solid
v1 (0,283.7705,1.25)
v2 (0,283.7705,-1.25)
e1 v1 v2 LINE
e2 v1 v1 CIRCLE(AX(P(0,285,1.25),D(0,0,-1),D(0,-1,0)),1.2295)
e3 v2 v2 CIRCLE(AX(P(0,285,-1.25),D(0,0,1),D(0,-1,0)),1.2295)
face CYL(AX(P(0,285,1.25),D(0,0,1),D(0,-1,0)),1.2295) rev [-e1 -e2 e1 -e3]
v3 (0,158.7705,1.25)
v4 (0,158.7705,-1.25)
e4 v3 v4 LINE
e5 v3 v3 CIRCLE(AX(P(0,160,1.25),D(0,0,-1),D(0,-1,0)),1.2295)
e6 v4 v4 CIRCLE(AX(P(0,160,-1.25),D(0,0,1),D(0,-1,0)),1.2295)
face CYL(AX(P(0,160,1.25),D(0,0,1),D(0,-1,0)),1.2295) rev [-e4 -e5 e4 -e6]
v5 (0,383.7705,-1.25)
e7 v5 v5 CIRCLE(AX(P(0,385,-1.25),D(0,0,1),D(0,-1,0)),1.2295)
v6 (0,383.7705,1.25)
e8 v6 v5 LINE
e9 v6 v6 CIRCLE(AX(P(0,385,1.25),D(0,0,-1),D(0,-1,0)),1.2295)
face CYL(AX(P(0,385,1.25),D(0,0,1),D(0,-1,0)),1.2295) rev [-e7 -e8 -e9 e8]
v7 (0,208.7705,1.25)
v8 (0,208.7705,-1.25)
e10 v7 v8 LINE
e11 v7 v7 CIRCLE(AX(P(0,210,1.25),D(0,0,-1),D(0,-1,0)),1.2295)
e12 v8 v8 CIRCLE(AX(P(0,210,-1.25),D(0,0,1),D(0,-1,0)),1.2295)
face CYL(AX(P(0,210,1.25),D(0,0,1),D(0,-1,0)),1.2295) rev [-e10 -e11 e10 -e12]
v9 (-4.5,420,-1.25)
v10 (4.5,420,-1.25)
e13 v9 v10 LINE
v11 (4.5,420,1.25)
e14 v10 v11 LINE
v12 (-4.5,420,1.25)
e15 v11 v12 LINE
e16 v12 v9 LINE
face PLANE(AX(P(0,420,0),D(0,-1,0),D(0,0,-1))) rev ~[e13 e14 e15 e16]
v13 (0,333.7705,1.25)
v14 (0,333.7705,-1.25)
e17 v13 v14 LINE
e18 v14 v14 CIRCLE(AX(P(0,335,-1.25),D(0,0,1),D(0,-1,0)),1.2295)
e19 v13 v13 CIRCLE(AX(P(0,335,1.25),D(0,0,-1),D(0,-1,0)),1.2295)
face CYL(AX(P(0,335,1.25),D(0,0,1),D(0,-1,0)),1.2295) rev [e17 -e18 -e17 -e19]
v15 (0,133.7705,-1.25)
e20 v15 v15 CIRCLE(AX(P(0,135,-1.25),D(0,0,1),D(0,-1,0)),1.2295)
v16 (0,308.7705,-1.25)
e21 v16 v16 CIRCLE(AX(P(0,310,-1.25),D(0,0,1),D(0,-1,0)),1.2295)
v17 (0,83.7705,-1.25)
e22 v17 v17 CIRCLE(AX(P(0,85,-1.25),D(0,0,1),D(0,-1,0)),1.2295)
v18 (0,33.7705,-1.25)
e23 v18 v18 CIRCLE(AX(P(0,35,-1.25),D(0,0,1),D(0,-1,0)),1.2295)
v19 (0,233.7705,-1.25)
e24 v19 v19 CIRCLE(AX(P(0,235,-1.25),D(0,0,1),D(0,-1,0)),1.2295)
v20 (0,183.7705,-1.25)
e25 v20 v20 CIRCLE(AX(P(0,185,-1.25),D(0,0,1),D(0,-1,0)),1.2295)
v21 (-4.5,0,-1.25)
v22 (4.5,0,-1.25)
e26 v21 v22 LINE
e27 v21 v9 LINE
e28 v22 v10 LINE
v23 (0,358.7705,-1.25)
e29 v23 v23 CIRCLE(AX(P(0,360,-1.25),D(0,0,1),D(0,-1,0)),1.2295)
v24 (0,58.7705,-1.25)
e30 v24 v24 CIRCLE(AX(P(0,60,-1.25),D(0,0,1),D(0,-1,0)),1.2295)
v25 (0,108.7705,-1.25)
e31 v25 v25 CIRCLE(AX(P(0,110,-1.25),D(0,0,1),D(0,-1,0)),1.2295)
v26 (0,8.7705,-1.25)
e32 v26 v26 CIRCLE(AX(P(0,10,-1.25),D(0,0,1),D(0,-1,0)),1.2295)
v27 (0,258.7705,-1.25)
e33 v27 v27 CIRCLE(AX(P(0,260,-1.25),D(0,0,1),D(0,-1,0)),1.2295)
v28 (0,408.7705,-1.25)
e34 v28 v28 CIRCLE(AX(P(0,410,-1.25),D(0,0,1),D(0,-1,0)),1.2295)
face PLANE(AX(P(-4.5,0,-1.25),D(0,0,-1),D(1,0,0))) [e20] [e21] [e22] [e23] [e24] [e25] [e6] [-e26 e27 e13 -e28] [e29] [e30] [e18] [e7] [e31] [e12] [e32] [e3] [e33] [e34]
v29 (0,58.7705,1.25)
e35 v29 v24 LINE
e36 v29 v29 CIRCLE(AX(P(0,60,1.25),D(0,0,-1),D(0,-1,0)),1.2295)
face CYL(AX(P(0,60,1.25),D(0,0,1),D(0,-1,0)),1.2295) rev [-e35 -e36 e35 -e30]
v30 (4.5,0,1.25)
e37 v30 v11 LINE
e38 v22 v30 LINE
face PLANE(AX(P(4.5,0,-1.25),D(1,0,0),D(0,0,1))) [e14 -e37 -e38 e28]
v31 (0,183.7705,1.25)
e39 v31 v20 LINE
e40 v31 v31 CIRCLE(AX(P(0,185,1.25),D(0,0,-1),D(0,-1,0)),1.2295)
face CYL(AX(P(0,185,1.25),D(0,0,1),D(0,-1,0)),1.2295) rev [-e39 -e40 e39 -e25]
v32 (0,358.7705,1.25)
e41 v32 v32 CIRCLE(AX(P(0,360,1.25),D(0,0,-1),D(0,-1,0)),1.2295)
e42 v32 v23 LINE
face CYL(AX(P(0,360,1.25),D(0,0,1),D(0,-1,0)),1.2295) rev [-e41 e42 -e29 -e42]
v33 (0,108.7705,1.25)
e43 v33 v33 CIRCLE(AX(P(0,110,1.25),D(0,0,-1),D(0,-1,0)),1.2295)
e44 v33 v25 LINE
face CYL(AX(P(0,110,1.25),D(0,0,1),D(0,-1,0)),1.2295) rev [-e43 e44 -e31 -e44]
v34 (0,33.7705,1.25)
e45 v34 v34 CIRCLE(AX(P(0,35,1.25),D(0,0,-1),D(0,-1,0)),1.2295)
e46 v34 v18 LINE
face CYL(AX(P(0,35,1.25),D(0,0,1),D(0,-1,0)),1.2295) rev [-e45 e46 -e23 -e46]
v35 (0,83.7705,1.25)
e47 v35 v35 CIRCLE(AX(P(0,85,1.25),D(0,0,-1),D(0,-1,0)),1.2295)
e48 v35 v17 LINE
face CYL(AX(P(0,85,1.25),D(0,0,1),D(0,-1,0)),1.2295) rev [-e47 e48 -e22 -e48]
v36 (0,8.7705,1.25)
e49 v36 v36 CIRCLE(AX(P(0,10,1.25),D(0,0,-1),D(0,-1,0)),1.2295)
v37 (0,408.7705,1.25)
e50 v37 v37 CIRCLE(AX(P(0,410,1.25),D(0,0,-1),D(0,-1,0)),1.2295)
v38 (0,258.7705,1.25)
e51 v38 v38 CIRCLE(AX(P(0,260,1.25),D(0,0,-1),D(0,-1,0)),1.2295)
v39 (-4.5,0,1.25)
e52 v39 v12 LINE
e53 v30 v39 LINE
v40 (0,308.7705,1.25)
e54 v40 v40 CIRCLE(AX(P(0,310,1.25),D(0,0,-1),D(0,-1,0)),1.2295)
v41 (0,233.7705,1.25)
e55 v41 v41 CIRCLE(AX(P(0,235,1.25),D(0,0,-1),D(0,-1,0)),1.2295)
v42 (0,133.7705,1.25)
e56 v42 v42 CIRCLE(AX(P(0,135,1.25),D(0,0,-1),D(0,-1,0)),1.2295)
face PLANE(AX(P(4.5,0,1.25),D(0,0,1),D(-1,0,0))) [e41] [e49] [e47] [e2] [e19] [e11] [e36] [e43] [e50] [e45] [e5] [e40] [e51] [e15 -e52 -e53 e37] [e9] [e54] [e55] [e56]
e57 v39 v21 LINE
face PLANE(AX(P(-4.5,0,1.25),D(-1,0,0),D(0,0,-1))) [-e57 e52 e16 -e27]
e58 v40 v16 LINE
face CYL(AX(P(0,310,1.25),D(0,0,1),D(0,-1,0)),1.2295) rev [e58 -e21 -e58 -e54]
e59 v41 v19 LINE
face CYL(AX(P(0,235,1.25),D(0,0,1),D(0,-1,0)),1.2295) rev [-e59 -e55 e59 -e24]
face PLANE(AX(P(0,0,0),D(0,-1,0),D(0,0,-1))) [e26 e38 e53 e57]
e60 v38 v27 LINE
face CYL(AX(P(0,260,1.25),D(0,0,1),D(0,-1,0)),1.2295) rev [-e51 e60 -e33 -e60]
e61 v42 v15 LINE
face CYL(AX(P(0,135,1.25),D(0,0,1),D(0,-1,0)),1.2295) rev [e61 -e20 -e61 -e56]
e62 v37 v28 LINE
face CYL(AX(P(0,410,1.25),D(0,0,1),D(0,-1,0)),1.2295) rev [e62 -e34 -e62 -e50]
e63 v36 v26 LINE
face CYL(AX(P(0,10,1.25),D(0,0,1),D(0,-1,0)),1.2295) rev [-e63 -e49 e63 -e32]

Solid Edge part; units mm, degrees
sketch "Sketch1" plane through (0, 0, 0) normal (0, -1, 0) x (1, 0, 0)
  line L0 (-4.5, -1.25) -> (4.5, -1.25)
  line L1 (4.5, -1.25) -> (4.5, 1.25)
  line L2 (4.5, 1.25) -> (-4.5, 1.25)
  line L3 (-4.5, 1.25) -> (-4.5, -1.25)
  dimension "D1" = 9
  dimension "D2" = 2.5
extrude "Protrusion1" add sketch "Sketch1" against normal blind 420
hole "Hole_1" at (0, 10, 1.25) direction (0, 0, -1) diameter 2.459 end up to next
pattern_linear "Pattern1" count 17 spacing 25 along (0, 1, 0) of "Hole_1"
properties material "Stainless Steel, 304"
